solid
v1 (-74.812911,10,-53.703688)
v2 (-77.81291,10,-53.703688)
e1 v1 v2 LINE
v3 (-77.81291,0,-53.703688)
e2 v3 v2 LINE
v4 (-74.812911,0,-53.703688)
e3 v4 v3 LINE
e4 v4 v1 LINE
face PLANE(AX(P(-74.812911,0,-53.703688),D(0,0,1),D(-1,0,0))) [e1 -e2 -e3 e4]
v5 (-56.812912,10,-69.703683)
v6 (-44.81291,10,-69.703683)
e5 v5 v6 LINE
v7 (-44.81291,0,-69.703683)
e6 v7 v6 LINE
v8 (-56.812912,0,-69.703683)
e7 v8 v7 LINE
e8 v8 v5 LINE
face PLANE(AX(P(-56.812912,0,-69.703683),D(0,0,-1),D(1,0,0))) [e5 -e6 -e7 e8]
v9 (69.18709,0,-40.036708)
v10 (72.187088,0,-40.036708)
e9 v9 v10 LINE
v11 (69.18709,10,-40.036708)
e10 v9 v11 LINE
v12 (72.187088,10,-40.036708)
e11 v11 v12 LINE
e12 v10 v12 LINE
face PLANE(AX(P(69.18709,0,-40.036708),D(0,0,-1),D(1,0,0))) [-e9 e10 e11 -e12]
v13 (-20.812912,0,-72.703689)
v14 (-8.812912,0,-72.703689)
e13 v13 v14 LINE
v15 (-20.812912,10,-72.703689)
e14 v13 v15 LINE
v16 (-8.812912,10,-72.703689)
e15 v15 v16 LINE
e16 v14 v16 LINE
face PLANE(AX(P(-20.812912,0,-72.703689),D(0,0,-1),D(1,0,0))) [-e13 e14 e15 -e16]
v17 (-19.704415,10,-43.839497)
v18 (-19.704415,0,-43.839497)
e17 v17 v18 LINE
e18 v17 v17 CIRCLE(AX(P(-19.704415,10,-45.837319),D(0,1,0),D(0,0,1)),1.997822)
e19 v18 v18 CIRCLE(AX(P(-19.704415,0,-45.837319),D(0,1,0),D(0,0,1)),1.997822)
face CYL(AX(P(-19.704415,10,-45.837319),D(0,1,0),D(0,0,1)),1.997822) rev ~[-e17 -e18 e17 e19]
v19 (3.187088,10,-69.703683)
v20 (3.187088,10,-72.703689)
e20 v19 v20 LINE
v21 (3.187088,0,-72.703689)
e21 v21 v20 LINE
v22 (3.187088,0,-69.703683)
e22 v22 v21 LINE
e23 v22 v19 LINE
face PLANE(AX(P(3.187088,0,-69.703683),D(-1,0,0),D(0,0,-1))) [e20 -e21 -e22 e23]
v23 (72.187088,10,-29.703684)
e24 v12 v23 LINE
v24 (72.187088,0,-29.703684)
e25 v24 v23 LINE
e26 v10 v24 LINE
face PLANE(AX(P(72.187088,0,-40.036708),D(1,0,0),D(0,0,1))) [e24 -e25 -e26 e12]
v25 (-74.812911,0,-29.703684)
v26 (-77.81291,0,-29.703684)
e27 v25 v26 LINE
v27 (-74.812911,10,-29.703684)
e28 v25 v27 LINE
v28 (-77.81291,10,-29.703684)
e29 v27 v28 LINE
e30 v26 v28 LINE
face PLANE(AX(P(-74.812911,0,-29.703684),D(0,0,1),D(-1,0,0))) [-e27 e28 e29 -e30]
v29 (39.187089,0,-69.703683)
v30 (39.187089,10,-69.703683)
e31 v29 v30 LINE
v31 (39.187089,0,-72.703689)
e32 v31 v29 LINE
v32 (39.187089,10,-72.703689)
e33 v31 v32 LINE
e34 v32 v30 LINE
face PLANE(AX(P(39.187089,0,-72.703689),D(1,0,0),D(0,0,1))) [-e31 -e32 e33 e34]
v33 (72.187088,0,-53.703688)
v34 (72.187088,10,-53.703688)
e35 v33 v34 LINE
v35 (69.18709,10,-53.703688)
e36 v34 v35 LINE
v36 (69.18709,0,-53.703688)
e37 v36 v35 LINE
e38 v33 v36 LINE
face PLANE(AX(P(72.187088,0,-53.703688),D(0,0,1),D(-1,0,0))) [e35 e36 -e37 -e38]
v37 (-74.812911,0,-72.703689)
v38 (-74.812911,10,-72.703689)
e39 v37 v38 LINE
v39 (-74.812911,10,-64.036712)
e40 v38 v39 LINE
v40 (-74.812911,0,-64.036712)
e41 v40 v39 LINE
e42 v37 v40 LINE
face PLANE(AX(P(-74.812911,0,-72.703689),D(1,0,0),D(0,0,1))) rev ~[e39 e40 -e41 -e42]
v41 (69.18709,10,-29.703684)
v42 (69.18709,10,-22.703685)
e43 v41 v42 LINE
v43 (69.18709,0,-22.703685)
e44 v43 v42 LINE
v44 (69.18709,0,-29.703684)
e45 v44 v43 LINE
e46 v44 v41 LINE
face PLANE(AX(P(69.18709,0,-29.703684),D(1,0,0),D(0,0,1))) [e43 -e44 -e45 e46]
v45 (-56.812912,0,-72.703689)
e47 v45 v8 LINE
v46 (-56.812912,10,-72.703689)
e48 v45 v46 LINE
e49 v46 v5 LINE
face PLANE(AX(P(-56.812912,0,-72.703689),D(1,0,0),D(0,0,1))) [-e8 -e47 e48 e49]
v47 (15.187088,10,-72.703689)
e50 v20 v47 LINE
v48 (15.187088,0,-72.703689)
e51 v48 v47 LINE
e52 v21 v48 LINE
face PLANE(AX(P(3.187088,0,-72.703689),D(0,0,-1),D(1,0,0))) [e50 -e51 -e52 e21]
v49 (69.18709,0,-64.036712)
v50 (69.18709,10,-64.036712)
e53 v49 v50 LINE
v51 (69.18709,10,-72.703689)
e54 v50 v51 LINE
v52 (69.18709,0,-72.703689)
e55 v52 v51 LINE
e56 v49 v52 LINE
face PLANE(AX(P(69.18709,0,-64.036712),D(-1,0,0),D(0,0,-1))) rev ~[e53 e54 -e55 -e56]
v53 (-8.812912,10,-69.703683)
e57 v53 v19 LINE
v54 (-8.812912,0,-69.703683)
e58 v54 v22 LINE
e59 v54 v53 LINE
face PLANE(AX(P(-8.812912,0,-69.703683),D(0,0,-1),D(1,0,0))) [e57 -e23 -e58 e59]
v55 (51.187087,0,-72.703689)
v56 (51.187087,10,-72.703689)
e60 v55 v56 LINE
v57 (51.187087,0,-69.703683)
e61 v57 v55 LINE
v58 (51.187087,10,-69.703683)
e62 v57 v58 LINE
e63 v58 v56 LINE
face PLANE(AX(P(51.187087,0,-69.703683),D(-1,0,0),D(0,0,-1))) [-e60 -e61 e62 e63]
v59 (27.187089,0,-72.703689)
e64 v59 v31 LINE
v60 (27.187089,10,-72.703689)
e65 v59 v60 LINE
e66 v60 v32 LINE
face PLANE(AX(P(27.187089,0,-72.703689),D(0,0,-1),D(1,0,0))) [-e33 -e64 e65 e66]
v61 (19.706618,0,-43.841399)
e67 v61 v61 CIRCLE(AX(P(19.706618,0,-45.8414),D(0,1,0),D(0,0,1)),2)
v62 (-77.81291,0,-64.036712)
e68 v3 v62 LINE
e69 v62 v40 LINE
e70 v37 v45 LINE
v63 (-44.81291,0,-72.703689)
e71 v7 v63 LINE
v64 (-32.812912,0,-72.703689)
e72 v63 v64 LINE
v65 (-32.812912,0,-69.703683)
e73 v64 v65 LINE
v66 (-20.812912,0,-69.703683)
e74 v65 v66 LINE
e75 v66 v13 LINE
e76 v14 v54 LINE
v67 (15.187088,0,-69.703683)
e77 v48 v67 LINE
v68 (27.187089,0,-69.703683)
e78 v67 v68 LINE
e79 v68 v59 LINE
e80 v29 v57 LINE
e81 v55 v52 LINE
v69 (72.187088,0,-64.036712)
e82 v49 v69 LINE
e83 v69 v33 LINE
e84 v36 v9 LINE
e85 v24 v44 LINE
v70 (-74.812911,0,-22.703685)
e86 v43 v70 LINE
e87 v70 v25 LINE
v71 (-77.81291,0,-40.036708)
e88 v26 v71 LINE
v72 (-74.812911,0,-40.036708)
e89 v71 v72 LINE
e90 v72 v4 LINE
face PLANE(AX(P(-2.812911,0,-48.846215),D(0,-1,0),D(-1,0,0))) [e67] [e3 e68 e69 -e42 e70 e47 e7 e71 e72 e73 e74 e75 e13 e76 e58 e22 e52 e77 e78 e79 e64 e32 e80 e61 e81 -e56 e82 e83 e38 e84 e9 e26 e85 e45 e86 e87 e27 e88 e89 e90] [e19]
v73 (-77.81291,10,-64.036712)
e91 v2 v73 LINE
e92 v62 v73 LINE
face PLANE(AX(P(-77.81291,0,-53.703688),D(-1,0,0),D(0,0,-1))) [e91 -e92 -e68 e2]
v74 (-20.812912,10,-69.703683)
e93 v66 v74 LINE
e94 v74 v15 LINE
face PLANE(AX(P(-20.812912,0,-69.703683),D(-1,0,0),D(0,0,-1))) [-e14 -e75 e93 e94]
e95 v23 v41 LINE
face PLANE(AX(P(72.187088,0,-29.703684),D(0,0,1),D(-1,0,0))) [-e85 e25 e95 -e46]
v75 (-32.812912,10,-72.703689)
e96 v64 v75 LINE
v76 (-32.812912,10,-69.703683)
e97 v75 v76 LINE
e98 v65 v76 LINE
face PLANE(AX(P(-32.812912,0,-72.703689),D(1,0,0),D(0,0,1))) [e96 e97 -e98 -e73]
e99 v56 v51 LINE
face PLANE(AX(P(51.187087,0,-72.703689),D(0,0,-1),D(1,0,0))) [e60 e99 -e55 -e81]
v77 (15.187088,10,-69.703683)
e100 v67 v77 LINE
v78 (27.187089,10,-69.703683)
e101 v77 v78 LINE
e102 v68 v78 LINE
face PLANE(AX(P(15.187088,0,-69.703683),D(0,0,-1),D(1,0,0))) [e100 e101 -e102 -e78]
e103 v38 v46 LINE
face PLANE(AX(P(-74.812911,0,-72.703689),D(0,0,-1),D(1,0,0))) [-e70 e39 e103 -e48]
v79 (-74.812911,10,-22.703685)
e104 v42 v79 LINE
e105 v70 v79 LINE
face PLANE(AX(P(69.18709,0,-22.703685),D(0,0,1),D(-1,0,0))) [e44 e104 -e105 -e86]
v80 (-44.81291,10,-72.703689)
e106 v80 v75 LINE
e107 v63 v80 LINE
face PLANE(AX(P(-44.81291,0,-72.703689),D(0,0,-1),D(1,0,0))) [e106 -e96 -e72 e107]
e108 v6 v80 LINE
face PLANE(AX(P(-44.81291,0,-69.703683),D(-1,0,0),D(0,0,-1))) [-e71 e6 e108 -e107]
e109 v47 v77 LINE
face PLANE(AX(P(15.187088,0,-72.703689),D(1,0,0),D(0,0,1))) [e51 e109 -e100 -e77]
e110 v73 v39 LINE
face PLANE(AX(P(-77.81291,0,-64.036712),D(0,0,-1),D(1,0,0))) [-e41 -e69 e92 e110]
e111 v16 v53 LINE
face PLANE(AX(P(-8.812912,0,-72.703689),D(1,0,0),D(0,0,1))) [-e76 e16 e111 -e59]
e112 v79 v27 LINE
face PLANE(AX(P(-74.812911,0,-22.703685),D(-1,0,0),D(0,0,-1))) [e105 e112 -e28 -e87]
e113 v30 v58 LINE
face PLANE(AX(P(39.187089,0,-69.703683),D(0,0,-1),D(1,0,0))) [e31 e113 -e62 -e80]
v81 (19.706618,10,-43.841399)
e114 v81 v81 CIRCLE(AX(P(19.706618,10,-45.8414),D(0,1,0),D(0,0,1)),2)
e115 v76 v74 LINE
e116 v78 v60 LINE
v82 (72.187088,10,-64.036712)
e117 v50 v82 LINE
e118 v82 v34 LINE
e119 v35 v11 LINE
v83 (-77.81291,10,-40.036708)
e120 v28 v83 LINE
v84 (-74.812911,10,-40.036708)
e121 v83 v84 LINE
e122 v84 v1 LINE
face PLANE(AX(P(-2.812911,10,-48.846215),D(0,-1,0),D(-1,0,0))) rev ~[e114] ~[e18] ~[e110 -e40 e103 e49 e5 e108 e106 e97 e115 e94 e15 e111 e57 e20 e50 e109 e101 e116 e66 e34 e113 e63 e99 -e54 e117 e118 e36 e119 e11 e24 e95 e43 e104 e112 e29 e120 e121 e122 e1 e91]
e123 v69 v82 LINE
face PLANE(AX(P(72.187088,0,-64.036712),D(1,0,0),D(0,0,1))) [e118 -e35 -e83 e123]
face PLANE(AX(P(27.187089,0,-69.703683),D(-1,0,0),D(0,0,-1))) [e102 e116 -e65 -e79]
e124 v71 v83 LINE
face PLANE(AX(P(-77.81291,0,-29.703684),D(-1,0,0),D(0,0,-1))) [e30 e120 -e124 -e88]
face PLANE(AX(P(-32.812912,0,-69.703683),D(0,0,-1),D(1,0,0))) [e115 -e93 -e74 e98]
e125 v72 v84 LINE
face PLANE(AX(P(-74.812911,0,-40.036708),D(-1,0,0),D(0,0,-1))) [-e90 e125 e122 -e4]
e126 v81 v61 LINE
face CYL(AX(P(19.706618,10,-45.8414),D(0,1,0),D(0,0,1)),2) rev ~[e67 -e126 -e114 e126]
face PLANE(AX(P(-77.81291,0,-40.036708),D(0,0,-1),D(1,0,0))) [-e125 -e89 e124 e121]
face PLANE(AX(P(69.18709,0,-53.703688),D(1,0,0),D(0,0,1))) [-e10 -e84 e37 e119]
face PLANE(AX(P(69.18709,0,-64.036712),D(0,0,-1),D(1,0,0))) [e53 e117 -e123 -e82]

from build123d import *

# Parameters (mm, degrees)
BOSS_EXTRUDE1_DEPTH = 10
SKETCH2_R           = 1.997822351
SKETCH2_R_2         = 2.000000328
CUT_EXTRUDE1_DEPTH  = 107.961093012


with BuildPart() as part:
    # Sketch1 → Boss-Extrude1 (new body)
    with BuildSketch(Plane(origin=(0, 0, 0), x_dir=(1, 0, 0), z_dir=(0, 1, 0))):
        Polygon((-32.812912017, 69.703683257), (-20.812911913, 69.703683257), (-20.812911913, 72.703689337), (-8.812911808, 72.703689337), (-8.812911808, 69.703683257), (3.187088063, 69.703683257), (3.187088063, 72.703689337), (15.1870884, 72.703689337), (15.1870884, 69.703683257), (27.187088504, 69.703683257), (27.187088504, 72.703689337), (39.187088609, 72.703689337), (39.187088609, 69.703683257), (51.18708685, 69.703683257), (51.18708685, 72.703689337), (69.187089801, 72.703689337), (69.187089801, 69.703683257), (69.187089801, 64.03671205), (72.18708843, 64.03671205), (72.18708843, 53.703688085), (69.187089801, 53.703688085), (69.187089801, 40.036708117), (72.18708843, 40.036708117), (72.18708843, 29.703684151), (69.187089801, 29.703684151), (69.187089801, 22.703684866), (-74.812911451, 22.703684866), (-74.812911451, 29.703684151), (-77.81291008, 29.703684151), (-77.81291008, 40.036708117), (-74.812911451, 40.036708117), (-74.812911451, 53.703688085), (-77.81291008, 53.703688085), (-77.81291008, 64.03671205), (-74.812911451, 64.03671205), (-74.812911451, 69.703683257), (-74.812911451, 72.703689337), (-56.812912226, 72.703689337), (-56.812912226, 69.703683257), (-44.812910259, 69.703683257), (-44.812910259, 72.703689337), (-32.812912017, 72.703689337), align=None)
    extrude(amount=BOSS_EXTRUDE1_DEPTH)

    # Sketch2 → Cut-Extrude1 (cut, through all)
    with BuildSketch(Plane(origin=(0, 10, 0), x_dir=(1, 0, 0), z_dir=(0, 1, 0))):
        with Locations(Location((-19.704415408, 45.837319398, 0), (0, 0, 270))):
            Circle(SKETCH2_R)
        with Locations(Location((19.706618041, 45.84139958, 0), (0, 0, 270))):
            Circle(SKETCH2_R_2)
    extrude(amount=-CUT_EXTRUDE1_DEPTH, mode=Mode.SUBTRACT)


solid = part.part
